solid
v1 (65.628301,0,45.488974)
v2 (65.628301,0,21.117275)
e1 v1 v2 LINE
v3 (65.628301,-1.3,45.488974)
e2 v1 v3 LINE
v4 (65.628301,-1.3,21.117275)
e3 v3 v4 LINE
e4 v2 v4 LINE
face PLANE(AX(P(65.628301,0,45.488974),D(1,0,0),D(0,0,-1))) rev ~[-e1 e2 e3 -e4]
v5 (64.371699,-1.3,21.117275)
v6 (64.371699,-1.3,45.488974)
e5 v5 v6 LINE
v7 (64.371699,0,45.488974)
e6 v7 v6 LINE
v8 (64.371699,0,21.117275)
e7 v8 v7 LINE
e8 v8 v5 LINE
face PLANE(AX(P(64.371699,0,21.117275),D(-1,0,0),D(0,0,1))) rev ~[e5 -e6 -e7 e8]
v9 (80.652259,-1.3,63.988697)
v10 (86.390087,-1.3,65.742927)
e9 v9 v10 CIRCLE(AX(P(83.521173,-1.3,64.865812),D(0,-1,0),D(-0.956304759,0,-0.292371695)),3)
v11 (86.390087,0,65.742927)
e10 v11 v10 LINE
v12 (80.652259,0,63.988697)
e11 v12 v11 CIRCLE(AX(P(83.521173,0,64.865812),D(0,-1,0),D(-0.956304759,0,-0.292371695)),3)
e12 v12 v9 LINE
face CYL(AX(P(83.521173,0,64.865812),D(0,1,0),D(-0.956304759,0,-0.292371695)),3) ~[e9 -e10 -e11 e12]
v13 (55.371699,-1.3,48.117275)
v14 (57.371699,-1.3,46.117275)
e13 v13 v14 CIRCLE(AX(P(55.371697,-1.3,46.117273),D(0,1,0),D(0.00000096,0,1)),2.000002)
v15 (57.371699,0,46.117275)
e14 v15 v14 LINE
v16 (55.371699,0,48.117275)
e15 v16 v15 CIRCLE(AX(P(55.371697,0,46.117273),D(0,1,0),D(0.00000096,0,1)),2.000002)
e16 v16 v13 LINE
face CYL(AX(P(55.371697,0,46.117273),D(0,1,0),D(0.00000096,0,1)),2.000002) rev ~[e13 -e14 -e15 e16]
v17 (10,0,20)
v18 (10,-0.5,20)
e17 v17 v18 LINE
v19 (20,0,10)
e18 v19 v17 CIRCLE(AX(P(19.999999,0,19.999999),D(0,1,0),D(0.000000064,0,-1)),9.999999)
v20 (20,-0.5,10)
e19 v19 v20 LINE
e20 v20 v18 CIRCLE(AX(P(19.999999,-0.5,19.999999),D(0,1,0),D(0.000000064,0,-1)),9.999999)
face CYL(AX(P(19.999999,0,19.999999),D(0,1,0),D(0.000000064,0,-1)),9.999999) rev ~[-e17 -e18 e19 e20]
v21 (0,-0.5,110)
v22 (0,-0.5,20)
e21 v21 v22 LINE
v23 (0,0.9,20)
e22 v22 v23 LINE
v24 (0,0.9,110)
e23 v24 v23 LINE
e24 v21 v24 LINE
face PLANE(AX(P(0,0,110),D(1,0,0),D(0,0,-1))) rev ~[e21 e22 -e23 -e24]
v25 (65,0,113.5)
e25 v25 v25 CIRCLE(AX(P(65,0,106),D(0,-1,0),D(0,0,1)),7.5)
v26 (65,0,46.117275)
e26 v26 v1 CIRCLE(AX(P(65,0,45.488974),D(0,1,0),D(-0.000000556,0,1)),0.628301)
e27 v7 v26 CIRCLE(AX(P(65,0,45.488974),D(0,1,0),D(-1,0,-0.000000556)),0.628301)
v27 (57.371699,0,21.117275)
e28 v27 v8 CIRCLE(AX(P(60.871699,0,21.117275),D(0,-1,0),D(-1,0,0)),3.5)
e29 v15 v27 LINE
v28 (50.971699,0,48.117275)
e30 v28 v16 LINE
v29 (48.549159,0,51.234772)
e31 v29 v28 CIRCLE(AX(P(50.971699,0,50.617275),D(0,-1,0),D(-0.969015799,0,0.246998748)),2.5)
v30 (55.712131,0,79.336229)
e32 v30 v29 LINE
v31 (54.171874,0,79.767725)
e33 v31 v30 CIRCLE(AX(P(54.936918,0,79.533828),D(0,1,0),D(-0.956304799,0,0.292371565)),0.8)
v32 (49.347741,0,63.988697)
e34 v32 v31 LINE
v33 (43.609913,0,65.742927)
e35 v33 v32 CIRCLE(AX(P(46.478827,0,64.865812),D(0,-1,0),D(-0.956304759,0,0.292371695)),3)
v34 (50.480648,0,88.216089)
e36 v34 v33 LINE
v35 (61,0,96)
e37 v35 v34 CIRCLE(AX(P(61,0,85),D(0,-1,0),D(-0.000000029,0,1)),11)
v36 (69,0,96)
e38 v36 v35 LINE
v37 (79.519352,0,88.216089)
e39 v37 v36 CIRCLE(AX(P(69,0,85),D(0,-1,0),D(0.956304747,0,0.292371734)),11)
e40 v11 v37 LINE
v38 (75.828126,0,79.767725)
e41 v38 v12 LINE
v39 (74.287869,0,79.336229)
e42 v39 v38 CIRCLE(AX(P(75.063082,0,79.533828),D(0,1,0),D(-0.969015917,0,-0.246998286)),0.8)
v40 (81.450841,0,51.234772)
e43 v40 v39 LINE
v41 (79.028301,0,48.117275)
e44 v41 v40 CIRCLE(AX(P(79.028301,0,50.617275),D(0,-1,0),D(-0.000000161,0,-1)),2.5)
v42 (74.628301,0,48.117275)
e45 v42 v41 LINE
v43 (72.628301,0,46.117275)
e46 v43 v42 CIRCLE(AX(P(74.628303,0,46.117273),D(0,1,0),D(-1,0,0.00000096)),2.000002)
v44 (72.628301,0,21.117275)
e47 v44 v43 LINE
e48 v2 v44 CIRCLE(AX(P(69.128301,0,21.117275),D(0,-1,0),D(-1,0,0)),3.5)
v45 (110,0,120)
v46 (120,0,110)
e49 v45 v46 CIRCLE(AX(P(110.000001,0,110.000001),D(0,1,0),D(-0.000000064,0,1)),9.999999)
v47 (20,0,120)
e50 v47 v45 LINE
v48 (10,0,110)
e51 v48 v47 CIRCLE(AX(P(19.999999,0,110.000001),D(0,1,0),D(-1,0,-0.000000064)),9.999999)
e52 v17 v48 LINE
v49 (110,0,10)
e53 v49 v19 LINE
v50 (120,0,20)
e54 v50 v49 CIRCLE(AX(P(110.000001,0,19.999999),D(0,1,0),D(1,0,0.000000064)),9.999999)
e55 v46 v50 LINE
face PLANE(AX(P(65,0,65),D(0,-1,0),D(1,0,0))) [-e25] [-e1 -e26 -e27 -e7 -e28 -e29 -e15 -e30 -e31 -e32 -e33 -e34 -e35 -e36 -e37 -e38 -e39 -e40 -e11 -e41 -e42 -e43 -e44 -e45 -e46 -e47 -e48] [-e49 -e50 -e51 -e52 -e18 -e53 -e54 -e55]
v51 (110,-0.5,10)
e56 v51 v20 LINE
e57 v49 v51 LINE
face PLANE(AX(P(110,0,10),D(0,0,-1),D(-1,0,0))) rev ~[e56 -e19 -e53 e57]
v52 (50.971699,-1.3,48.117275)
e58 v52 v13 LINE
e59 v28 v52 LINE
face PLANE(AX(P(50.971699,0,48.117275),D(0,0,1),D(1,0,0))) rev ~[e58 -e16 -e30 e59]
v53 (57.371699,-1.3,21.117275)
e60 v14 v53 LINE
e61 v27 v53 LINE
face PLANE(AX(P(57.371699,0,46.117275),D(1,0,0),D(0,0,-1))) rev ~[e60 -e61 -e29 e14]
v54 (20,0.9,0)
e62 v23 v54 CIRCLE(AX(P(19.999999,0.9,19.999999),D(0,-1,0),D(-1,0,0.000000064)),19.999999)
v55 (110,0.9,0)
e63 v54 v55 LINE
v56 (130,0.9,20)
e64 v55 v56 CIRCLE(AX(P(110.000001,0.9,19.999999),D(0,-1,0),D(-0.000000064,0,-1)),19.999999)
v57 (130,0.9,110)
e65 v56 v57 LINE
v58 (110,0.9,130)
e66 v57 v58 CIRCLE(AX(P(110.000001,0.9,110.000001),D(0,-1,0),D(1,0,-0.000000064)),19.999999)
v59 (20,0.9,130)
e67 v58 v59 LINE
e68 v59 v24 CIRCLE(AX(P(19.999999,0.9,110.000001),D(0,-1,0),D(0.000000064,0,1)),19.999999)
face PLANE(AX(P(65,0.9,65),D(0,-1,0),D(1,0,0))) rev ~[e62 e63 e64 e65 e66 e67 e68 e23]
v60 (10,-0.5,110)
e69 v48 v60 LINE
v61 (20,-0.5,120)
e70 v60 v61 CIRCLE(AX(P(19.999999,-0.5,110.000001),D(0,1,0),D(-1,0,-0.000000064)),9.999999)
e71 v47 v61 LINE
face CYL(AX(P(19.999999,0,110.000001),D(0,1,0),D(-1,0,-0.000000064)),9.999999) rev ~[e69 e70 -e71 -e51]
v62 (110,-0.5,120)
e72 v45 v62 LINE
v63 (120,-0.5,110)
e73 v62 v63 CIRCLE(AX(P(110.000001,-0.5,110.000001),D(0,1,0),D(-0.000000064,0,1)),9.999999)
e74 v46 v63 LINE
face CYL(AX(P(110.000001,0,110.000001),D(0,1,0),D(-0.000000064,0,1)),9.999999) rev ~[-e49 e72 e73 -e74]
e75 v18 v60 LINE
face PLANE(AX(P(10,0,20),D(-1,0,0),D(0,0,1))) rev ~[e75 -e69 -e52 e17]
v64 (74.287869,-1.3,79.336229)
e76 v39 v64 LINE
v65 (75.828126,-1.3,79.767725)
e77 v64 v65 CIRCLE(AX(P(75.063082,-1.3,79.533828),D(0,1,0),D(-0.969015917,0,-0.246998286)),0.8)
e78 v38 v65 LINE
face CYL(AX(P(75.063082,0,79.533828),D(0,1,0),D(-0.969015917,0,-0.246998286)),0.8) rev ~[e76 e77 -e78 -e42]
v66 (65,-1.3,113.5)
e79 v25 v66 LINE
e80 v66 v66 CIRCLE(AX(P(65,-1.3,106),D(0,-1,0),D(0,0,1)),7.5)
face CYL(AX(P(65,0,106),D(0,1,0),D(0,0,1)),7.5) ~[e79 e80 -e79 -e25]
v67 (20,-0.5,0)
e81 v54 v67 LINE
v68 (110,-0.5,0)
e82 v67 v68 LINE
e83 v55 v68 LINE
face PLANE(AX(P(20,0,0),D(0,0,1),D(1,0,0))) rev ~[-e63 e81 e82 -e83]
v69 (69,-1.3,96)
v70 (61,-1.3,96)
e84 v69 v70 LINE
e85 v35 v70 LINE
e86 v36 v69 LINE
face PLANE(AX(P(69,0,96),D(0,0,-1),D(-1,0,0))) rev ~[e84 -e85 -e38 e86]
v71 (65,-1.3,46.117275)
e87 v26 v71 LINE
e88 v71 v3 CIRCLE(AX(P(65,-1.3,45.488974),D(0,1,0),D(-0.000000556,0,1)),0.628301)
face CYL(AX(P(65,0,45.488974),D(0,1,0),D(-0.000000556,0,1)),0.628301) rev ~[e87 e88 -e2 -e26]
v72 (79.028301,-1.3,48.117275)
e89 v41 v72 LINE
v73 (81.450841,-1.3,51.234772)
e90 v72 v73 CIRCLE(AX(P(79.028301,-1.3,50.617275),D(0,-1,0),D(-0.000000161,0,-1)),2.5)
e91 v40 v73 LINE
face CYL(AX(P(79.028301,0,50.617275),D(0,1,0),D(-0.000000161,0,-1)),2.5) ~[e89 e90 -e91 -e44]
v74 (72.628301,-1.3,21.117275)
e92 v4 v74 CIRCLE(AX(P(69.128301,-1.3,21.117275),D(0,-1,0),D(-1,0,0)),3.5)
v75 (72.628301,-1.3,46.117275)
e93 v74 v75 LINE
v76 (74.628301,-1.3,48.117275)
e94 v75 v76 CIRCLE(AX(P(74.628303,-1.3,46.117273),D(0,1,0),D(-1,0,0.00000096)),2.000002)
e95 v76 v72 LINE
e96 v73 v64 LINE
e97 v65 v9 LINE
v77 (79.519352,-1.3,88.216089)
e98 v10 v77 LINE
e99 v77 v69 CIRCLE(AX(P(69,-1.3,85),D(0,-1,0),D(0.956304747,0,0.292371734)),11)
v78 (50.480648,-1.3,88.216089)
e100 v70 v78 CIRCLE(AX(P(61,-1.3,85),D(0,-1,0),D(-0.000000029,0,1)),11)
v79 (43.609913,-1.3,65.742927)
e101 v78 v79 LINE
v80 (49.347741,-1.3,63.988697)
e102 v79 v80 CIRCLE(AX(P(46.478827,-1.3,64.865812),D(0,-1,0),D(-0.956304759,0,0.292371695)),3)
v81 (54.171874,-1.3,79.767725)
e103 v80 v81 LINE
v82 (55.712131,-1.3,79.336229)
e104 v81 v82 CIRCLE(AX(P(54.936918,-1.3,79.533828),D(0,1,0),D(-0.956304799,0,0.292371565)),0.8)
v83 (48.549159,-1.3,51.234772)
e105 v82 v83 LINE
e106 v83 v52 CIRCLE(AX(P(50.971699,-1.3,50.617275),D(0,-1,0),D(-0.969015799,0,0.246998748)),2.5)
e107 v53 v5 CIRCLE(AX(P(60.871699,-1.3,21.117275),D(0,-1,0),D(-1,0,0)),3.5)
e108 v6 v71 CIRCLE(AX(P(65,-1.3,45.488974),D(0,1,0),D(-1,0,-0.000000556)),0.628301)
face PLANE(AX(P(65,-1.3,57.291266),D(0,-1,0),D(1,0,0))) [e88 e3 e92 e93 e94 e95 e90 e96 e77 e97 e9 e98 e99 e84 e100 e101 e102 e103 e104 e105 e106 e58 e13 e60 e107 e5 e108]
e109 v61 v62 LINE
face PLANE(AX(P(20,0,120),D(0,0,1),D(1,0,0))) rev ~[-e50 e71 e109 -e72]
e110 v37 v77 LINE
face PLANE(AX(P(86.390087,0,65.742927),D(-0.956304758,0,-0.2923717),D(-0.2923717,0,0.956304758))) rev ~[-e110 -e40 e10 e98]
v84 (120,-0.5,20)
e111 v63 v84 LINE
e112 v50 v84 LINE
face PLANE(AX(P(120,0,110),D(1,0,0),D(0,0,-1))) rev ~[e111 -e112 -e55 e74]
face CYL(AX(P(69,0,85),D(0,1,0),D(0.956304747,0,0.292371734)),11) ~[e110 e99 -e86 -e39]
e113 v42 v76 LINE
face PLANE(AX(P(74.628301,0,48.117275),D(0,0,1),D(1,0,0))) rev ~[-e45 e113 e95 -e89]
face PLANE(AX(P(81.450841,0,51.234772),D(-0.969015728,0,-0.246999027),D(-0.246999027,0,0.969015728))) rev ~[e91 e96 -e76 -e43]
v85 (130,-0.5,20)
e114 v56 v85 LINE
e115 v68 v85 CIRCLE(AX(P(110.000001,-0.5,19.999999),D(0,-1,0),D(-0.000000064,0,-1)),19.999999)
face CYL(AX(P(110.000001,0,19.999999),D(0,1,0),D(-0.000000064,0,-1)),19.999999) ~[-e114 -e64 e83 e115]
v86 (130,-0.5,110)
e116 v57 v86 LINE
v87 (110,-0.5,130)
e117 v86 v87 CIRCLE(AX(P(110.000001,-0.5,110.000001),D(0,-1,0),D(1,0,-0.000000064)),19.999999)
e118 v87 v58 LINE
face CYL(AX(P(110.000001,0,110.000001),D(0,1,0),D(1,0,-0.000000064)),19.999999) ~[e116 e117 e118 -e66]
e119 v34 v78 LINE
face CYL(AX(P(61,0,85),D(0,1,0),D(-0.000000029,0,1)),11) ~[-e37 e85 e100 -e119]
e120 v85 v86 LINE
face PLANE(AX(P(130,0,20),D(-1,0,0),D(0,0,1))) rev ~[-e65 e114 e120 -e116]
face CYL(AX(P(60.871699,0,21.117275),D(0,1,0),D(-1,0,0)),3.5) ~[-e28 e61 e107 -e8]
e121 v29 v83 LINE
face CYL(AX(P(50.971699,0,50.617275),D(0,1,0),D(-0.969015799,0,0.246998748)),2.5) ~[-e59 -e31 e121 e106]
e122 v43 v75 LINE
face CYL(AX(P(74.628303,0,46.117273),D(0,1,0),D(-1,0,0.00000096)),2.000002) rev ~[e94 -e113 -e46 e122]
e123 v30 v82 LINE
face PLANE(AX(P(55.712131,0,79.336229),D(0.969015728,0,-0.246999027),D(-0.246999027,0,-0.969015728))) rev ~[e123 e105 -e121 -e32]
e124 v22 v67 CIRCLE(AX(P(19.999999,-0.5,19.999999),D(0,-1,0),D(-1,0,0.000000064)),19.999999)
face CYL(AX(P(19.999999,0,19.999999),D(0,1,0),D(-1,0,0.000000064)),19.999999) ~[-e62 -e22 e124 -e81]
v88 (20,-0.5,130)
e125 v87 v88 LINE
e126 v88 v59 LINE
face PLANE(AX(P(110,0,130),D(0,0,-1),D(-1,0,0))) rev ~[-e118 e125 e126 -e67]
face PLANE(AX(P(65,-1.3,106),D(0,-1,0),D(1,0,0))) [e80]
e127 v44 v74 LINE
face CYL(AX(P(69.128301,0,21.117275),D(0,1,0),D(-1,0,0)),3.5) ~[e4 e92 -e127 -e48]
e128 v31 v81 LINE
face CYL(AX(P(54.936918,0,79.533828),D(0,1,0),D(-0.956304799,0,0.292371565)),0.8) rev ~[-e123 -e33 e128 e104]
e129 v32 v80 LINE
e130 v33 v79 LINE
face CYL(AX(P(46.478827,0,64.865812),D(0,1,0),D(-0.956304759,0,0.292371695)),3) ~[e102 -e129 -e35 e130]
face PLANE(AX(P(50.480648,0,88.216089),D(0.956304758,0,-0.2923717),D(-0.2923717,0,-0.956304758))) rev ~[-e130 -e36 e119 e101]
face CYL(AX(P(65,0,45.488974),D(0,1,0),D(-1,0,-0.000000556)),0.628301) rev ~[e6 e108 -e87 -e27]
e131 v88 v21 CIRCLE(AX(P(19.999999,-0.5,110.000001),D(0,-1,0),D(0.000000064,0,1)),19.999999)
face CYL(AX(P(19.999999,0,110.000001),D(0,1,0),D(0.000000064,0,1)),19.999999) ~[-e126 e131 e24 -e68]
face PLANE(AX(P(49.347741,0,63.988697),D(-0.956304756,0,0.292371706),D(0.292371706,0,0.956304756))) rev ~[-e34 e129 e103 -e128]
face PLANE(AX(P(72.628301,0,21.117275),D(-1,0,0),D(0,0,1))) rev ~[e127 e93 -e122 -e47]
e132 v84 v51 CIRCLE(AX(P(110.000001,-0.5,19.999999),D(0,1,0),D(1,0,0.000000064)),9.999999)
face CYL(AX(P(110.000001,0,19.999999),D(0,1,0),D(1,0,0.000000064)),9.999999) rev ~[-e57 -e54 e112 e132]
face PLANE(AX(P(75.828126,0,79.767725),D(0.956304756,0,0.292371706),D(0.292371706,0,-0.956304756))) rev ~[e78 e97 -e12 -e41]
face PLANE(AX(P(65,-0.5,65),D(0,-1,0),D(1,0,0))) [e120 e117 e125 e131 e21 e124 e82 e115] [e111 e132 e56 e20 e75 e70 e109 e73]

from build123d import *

# Parameters (mm, degrees)
F1_DEPTH = 0.9
F2_DEPTH = 0.5
F3_DEPTH = 1.3


with BuildPart() as f1:
    # F0 (on Front) → F1 (new body)
    with BuildSketch(Plane.XZ):
        with BuildLine():
            ThreePointArc((0, 20), (5.857864, 5.857864), (20, 0))
            Line((20, 0), (65, 0))
            Line((65, 0), (110, 0))
            ThreePointArc((110, 0), (124.142136, 5.857864), (130, 20))
            Line((130, 20), (130, 110))
            ThreePointArc((130, 110), (124.142136, 124.142136), (110, 130))
            Line((110, 130), (65, 130))
            Line((65, 130), (20, 130))
            ThreePointArc((20, 130), (5.857864, 124.142136), (0, 110))
            Line((0, 110), (0, 20))
        make_face()
        with BuildLine():
            Line((65, 120), (110, 120))
            ThreePointArc((110, 120), (117.071068, 117.071068), (120, 110))
            Line((120, 110), (120, 20))
            ThreePointArc((120, 20), (117.071068, 12.928932), (110, 10))
            Line((110, 10), (65, 10))
            Line((65, 10), (20, 10))
            ThreePointArc((20, 10), (12.928932, 12.928932), (10, 20))
            Line((10, 20), (10, 110))
            ThreePointArc((10, 110), (12.928932, 117.071068), (20, 120))
            Line((20, 120), (65, 120))
        make_face(mode=Mode.SUBTRACT)
        with BuildLine():
            ThreePointArc((120, 110), (117.071068, 117.071068), (110, 120))
            Line((110, 120), (65, 120))
            Line((65, 120), (20, 120))
            ThreePointArc((20, 120), (12.928932, 117.071068), (10, 110))
            Line((10, 110), (10, 20))
            ThreePointArc((10, 20), (12.928932, 12.928932), (20, 10))
            Line((20, 10), (65, 10))
            Line((65, 10), (110, 10))
            ThreePointArc((110, 10), (117.071068, 12.928932), (120, 20))
            Line((120, 20), (120, 110))
        make_face()
        with BuildLine():
            ThreePointArc((50.480648, 88.216089), (54.456949, 93.842425), (61, 96))
            Line((61, 96), (65, 96))
            Line((65, 96), (69, 96))
            ThreePointArc((69, 96), (75.543051, 93.842425), (79.519352, 88.216089))
            Line((79.519352, 88.216089), (86.390087, 65.742927))
            ThreePointArc((86.390087, 65.742927), (84.398288, 61.996898), (80.652259, 63.988697))
            Line((80.652259, 63.988697), (75.828126, 79.767725))
            ThreePointArc((75.828126, 79.767725), (74.847274, 80.30417), (74.287869, 79.336229))
            Line((74.287869, 79.336229), (81.450841, 51.234772))
            ThreePointArc((81.450841, 51.234772), (81.002351, 49.083284), (79.028301, 48.117275))
            Line((79.028301, 48.117275), (74.628301, 48.117275))
            ThreePointArc((74.628301, 48.117275), (73.214088, 47.531488), (72.628301, 46.117275))
            Line((72.628301, 46.117275), (72.628301, 21.117275))
            ThreePointArc((72.628301, 21.117275), (69.128301, 17.617275), (65.628301, 21.117275))
            Line((65.628301, 21.117275), (65.628301, 45.488974))
            ThreePointArc((65.628301, 45.488974), (65.444276, 45.93325), (65, 46.117275))
            ThreePointArc((65, 46.117275), (64.555724, 45.93325), (64.371699, 45.488974))
            Line((64.371699, 45.488974), (64.371699, 21.117275))
            ThreePointArc((64.371699, 21.117275), (60.871699, 17.617275), (57.371699, 21.117275))
            Line((57.371699, 21.117275), (57.371699, 46.117275))
            ThreePointArc((57.371699, 46.117275), (56.785912, 47.531488), (55.371699, 48.117275))
            Line((55.371699, 48.117275), (50.971699, 48.117275))
            ThreePointArc((50.971699, 48.117275), (48.997649, 49.083284), (48.549159, 51.234772))
            Line((48.549159, 51.234772), (55.712131, 79.336229))
            ThreePointArc((55.712131, 79.336229), (55.152726, 80.30417), (54.171874, 79.767725))
            Line((54.171874, 79.767725), (49.347741, 63.988697))
            ThreePointArc((49.347741, 63.988697), (45.601712, 61.996898), (43.609913, 65.742927))
            Line((43.609913, 65.742927), (50.480648, 88.216089))
        make_face(mode=Mode.SUBTRACT)
        with BuildLine():
            ThreePointArc((65, 98.5), (57.5, 106), (65, 113.5))
            ThreePointArc((65, 113.5), (72.5, 106), (65, 98.5))
        make_face(mode=Mode.SUBTRACT)
        with BuildLine():
            Line((65, 96), (61, 96))
            ThreePointArc((61, 96), (54.456949, 93.842425), (50.480648, 88.216089))
            Line((50.480648, 88.216089), (43.609913, 65.742927))
            ThreePointArc((43.609913, 65.742927), (45.601712, 61.996898), (49.347741, 63.988697))
            Line((49.347741, 63.988697), (54.171874, 79.767725))
            ThreePointArc((54.171874, 79.767725), (55.152726, 80.30417), (55.712131, 79.336229))
            Line((55.712131, 79.336229), (48.549159, 51.234772))
            ThreePointArc((48.549159, 51.234772), (48.997649, 49.083284), (50.971699, 48.117275))
            Line((50.971699, 48.117275), (55.371699, 48.117275))
            ThreePointArc((55.371699, 48.117275), (56.785912, 47.531488), (57.371699, 46.117275))
            Line((57.371699, 46.117275), (57.371699, 21.117275))
            ThreePointArc((57.371699, 21.117275), (60.871699, 17.617275), (64.371699, 21.117275))
            Line((64.371699, 21.117275), (64.371699, 45.488974))
            ThreePointArc((64.371699, 45.488974), (64.555724, 45.93325), (65, 46.117275))
            ThreePointArc((65, 46.117275), (65.444276, 45.93325), (65.628301, 45.488974))
            Line((65.628301, 45.488974), (65.628301, 21.117275))
            ThreePointArc((65.628301, 21.117275), (69.128301, 17.617275), (72.628301, 21.117275))
            Line((72.628301, 21.117275), (72.628301, 46.117275))
            ThreePointArc((72.628301, 46.117275), (73.214088, 47.531488), (74.628301, 48.117275))
            Line((74.628301, 48.117275), (79.028301, 48.117275))
            ThreePointArc((79.028301, 48.117275), (81.002351, 49.083284), (81.450841, 51.234772))
            Line((81.450841, 51.234772), (74.287869, 79.336229))
            ThreePointArc((74.287869, 79.336229), (74.847274, 80.30417), (75.828126, 79.767725))
            Line((75.828126, 79.767725), (80.652259, 63.988697))
            ThreePointArc((80.652259, 63.988697), (84.398288, 61.996898), (86.390087, 65.742927))
            Line((86.390087, 65.742927), (79.519352, 88.216089))
            ThreePointArc((79.519352, 88.216089), (75.543051, 93.842425), (69, 96))
            Line((69, 96), (65, 96))
        make_face()
        with BuildLine():
            ThreePointArc((65, 98.5), (72.5, 106), (65, 113.5))
            ThreePointArc((65, 113.5), (57.5, 106), (65, 98.5))
        make_face()
    extrude(amount=-F1_DEPTH)

    # F0 (on Front) → F2 (join)
    with BuildSketch(Plane.XZ):
        with BuildLine():
            ThreePointArc((0, 20), (5.857864, 5.857864), (20, 0))
            Line((20, 0), (65, 0))
            Line((65, 0), (110, 0))
            ThreePointArc((110, 0), (124.142136, 5.857864), (130, 20))
            Line((130, 20), (130, 110))
            ThreePointArc((130, 110), (124.142136, 124.142136), (110, 130))
            Line((110, 130), (65, 130))
            Line((65, 130), (20, 130))
            ThreePointArc((20, 130), (5.857864, 124.142136), (0, 110))
            Line((0, 110), (0, 20))
        make_face()
        with BuildLine():
            Line((65, 120), (110, 120))
            ThreePointArc((110, 120), (117.071068, 117.071068), (120, 110))
            Line((120, 110), (120, 20))
            ThreePointArc((120, 20), (117.071068, 12.928932), (110, 10))
            Line((110, 10), (65, 10))
            Line((65, 10), (20, 10))
            ThreePointArc((20, 10), (12.928932, 12.928932), (10, 20))
            Line((10, 20), (10, 110))
            ThreePointArc((10, 110), (12.928932, 117.071068), (20, 120))
            Line((20, 120), (65, 120))
        make_face(mode=Mode.SUBTRACT)
    extrude(amount=F2_DEPTH)

    # F0 (on Front) → F3 (join)
    with BuildSketch(Plane.XZ):
        with BuildLine():
            ThreePointArc((65, 98.5), (72.5, 106), (65, 113.5))
            ThreePointArc((65, 113.5), (57.5, 106), (65, 98.5))
        make_face()
        with BuildLine():
            Line((65, 96), (61, 96))
            ThreePointArc((61, 96), (54.456949, 93.842425), (50.480648, 88.216089))
            Line((50.480648, 88.216089), (43.609913, 65.742927))
            ThreePointArc((43.609913, 65.742927), (45.601712, 61.996898), (49.347741, 63.988697))
            Line((49.347741, 63.988697), (54.171874, 79.767725))
            ThreePointArc((54.171874, 79.767725), (55.152726, 80.30417), (55.712131, 79.336229))
            Line((55.712131, 79.336229), (48.549159, 51.234772))
            ThreePointArc((48.549159, 51.234772), (48.997649, 49.083284), (50.971699, 48.117275))
            Line((50.971699, 48.117275), (55.371699, 48.117275))
            ThreePointArc((55.371699, 48.117275), (56.785912, 47.531488), (57.371699, 46.117275))
            Line((57.371699, 46.117275), (57.371699, 21.117275))
            ThreePointArc((57.371699, 21.117275), (60.871699, 17.617275), (64.371699, 21.117275))
            Line((64.371699, 21.117275), (64.371699, 45.488974))
            ThreePointArc((64.371699, 45.488974), (64.555724, 45.93325), (65, 46.117275))
            ThreePointArc((65, 46.117275), (65.444276, 45.93325), (65.628301, 45.488974))
            Line((65.628301, 45.488974), (65.628301, 21.117275))
            ThreePointArc((65.628301, 21.117275), (69.128301, 17.617275), (72.628301, 21.117275))
            Line((72.628301, 21.117275), (72.628301, 46.117275))
            ThreePointArc((72.628301, 46.117275), (73.214088, 47.531488), (74.628301, 48.117275))
            Line((74.628301, 48.117275), (79.028301, 48.117275))
            ThreePointArc((79.028301, 48.117275), (81.002351, 49.083284), (81.450841, 51.234772))
            Line((81.450841, 51.234772), (74.287869, 79.336229))
            ThreePointArc((74.287869, 79.336229), (74.847274, 80.30417), (75.828126, 79.767725))
            Line((75.828126, 79.767725), (80.652259, 63.988697))
            ThreePointArc((80.652259, 63.988697), (84.398288, 61.996898), (86.390087, 65.742927))
            Line((86.390087, 65.742927), (79.519352, 88.216089))
            ThreePointArc((79.519352, 88.216089), (75.543051, 93.842425), (69, 96))
            Line((69, 96), (65, 96))
        make_face()
    extrude(amount=F3_DEPTH)


solid = f1.part
